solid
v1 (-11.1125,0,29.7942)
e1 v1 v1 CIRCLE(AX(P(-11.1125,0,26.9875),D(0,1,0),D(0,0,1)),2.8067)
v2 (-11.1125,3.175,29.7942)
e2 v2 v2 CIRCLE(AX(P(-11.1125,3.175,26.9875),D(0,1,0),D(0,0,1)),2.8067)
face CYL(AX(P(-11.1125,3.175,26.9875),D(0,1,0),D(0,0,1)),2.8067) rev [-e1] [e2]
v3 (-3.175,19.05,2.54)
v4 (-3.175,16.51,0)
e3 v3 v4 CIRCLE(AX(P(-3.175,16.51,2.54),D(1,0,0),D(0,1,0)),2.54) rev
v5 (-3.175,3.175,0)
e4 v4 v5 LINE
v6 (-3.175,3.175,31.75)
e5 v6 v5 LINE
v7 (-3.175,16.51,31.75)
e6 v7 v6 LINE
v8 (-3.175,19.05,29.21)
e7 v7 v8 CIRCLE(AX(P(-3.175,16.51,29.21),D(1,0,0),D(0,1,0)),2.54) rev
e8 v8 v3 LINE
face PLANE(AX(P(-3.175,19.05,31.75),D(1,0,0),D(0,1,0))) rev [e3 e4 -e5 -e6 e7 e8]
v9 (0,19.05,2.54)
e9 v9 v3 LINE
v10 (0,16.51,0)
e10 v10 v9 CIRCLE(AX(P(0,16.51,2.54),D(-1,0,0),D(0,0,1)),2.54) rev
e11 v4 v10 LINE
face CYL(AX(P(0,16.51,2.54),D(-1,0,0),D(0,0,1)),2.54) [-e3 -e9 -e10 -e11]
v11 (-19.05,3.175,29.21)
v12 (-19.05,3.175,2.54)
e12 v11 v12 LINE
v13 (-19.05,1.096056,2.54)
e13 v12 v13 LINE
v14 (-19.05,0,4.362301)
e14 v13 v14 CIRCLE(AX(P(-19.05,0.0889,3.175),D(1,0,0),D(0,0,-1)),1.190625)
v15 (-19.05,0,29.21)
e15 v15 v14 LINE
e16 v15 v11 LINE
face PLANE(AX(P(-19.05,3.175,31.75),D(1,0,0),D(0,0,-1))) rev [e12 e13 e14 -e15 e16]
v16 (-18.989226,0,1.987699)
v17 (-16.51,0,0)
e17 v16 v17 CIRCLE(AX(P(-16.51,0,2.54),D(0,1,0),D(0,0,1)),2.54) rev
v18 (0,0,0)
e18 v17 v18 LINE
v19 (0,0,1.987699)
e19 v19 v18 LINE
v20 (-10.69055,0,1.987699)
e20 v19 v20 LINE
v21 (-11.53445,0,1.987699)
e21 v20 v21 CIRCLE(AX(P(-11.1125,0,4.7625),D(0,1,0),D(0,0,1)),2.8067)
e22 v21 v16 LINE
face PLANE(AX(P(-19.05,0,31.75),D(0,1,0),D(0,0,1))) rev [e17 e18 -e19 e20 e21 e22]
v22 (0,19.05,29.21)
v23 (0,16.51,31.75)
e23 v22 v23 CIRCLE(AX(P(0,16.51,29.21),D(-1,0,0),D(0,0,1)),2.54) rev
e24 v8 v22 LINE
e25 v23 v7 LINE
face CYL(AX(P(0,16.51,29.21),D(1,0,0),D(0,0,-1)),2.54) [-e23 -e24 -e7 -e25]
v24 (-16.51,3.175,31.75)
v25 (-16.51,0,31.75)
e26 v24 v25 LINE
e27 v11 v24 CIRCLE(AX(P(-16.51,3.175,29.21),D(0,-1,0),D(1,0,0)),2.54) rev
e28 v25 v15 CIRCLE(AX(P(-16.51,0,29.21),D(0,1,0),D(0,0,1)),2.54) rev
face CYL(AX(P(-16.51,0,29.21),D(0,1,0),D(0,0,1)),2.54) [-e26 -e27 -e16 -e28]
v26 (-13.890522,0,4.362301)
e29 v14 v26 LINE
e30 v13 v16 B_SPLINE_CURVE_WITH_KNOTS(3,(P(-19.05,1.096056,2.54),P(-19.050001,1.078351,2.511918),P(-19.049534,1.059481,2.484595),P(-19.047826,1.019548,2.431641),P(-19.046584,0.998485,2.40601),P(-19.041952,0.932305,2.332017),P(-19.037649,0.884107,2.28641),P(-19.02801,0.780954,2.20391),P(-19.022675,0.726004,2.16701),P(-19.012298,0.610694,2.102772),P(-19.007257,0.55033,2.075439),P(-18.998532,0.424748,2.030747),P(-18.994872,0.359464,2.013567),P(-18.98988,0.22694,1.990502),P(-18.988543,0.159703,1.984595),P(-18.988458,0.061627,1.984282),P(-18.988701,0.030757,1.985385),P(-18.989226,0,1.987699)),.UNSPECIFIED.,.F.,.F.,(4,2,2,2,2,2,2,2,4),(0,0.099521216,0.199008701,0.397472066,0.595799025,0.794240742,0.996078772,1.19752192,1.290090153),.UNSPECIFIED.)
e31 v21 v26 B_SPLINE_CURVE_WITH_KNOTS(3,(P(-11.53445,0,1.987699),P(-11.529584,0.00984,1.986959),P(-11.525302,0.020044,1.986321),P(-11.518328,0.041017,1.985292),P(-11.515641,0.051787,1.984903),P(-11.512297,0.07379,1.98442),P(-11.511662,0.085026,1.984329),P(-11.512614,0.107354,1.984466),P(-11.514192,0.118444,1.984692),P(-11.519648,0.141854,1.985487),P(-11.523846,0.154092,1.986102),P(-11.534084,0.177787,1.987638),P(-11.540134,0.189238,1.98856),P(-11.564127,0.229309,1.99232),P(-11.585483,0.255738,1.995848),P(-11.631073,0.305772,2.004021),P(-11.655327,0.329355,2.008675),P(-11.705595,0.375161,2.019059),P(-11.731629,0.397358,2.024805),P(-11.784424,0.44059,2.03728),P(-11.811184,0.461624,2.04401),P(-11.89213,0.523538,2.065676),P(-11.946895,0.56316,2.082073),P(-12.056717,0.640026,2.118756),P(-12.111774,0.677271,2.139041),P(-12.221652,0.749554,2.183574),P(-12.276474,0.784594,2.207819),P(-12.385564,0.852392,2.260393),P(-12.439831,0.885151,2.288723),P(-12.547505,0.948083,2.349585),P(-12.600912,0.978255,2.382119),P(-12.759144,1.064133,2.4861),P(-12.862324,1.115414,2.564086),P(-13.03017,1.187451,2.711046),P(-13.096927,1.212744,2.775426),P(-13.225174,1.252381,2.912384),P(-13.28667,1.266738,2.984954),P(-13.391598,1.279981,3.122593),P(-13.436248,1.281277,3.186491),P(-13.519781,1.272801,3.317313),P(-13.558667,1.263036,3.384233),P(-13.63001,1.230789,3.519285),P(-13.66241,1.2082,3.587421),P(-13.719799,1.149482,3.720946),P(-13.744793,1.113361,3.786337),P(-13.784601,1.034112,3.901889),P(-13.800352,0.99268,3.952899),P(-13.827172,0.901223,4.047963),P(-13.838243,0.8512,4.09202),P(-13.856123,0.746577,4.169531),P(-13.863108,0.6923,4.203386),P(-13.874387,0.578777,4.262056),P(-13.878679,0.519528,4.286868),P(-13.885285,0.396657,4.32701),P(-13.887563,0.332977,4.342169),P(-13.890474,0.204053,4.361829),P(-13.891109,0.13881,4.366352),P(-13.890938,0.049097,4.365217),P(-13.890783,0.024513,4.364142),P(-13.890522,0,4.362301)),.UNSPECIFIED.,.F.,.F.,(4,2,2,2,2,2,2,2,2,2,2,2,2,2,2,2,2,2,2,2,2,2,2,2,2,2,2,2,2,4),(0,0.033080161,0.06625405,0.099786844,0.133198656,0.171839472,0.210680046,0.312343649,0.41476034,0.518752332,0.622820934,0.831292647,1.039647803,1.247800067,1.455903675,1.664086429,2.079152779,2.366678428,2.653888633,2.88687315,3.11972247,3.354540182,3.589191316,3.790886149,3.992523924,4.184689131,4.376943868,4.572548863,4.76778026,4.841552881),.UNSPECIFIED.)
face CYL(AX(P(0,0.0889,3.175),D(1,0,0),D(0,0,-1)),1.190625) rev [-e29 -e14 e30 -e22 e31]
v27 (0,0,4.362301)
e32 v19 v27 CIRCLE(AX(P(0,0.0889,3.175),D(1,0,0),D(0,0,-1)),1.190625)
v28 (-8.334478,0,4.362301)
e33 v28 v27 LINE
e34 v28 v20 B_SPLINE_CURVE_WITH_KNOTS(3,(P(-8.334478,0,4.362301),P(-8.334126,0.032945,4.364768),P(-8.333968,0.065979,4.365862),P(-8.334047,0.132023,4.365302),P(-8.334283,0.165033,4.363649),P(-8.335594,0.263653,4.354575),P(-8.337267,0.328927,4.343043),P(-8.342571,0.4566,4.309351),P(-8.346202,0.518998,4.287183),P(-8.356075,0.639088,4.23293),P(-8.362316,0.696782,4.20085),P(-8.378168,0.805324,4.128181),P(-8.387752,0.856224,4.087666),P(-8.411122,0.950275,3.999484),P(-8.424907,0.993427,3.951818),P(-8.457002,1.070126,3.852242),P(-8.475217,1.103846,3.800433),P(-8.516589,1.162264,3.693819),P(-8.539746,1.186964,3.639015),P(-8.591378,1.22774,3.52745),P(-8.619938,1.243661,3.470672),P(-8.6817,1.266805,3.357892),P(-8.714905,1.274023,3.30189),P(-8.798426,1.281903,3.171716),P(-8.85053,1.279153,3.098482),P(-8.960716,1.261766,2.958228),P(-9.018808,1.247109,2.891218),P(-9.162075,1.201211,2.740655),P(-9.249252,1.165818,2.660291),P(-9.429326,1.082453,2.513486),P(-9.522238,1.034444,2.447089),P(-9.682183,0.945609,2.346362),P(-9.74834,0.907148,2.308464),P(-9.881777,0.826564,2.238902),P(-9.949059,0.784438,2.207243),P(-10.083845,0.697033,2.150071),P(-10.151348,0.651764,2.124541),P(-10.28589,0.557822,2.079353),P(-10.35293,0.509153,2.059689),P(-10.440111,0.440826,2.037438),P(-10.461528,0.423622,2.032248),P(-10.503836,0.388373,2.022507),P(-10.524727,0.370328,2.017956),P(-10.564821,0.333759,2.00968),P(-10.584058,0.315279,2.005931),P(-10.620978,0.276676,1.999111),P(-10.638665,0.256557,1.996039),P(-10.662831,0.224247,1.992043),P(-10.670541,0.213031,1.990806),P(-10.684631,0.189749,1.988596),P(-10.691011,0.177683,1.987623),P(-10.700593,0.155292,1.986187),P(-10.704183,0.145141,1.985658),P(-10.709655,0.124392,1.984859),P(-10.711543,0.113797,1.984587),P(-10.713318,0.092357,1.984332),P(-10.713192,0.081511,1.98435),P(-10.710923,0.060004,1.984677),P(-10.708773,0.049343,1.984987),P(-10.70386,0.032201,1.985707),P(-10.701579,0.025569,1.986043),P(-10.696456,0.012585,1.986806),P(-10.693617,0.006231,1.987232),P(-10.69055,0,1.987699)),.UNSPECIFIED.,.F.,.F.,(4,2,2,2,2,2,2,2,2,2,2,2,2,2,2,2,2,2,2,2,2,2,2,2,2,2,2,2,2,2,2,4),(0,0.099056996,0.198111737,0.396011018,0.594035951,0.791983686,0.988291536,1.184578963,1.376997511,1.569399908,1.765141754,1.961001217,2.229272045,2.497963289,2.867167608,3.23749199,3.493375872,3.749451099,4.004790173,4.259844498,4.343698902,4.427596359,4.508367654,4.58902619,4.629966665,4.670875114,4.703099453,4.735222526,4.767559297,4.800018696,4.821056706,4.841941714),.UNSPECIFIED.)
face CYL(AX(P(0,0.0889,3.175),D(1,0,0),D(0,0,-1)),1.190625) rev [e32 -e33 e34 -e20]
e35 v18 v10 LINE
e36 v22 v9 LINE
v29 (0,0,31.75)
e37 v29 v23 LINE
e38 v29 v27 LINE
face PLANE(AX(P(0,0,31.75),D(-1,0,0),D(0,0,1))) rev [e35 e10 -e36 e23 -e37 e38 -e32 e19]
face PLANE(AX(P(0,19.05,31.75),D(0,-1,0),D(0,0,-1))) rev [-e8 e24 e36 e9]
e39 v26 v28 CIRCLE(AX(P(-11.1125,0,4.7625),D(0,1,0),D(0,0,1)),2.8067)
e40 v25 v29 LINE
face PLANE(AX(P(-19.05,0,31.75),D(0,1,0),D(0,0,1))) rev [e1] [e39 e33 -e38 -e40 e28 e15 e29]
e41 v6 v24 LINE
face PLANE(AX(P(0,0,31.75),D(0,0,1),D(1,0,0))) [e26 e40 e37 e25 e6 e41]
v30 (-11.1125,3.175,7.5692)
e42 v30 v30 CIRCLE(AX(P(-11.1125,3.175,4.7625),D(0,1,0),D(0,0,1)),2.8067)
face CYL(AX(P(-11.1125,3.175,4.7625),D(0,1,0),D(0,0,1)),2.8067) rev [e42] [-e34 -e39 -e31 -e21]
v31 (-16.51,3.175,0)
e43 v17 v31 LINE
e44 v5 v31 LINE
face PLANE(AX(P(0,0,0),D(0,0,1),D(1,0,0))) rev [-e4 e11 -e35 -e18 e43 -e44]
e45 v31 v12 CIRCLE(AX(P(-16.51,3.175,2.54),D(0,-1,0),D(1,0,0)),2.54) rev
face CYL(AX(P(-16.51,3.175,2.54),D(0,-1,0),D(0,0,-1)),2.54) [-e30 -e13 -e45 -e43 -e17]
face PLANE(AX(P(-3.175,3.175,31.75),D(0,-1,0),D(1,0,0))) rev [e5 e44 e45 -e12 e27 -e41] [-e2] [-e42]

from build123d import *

# Parameters (mm, degrees)
BOSS_EXTRUDE1_DEPTH                 = 31.75
F_3_32_0_09375_DIAMETER_HOLE1_D     = 2.38125
F_3_32_0_09375_DIAMETER_HOLE1_DEPTH = 25.4
F_3_32_0_09375_DIAMETER_HOLE1_TIP   = 0.715399675
F_10_CLEARANCE_HOLE1_D              = 5.6134
F_10_CLEARANCE_HOLE1_DEPTH          = 25.4
F_10_CLEARANCE_HOLE1_TIP            = 1.686435499
FILLET1_R                           = 2.54


with BuildPart() as part:
    # Sketch1 → Boss-Extrude1 (new body)
    with BuildSketch(Plane.XY):
        Polygon((0, 0), (0, 19.05), (-3.175, 19.05), (-3.175, 3.175), (-19.05, 3.175), (-19.05, 0), align=None)
    extrude(amount=BOSS_EXTRUDE1_DEPTH)

    # 3/32 (0.09375) Diameter Hole1
    with Locations(Plane(origin=(0, 0, 0), x_dir=(0, 0, -1), z_dir=(1, 0, 0))):
        with Locations((-3.175, 0.0889)):
            Hole(F_3_32_0_09375_DIAMETER_HOLE1_D / 2, depth=F_3_32_0_09375_DIAMETER_HOLE1_DEPTH)
            with Locations((0, 0, -(F_3_32_0_09375_DIAMETER_HOLE1_DEPTH + F_3_32_0_09375_DIAMETER_HOLE1_TIP / 2))):  # 118° drill point
                Cone(0, F_3_32_0_09375_DIAMETER_HOLE1_D / 2, F_3_32_0_09375_DIAMETER_HOLE1_TIP, mode=Mode.SUBTRACT)

    # #10 Clearance Hole1
    with Locations(Plane(origin=(0, 3.175, 0), x_dir=(1, 0, 0), z_dir=(0, 1, 0))):
        with Locations((-11.1125, -26.9875), (-11.1125, -4.7625)):
            Hole(F_10_CLEARANCE_HOLE1_D / 2, depth=F_10_CLEARANCE_HOLE1_DEPTH)
            with Locations((0, 0, -(F_10_CLEARANCE_HOLE1_DEPTH + F_10_CLEARANCE_HOLE1_TIP / 2))):  # 118° drill point
                Cone(0, F_10_CLEARANCE_HOLE1_D / 2, F_10_CLEARANCE_HOLE1_TIP, mode=Mode.SUBTRACT)

    # Fillet1
    fillet1_edges = [part.edges().sort_by_distance(p)[0] for p in [
        (-1.5875, 19.05, 31.75),
        (-19.05, 1.5875, 31.75),
        (-19.05, 1.5875, 0),
        (-1.5875, 19.05, 0),
    ]]
    fillet(fillet1_edges, radius=FILLET1_R)


solid = part.part
